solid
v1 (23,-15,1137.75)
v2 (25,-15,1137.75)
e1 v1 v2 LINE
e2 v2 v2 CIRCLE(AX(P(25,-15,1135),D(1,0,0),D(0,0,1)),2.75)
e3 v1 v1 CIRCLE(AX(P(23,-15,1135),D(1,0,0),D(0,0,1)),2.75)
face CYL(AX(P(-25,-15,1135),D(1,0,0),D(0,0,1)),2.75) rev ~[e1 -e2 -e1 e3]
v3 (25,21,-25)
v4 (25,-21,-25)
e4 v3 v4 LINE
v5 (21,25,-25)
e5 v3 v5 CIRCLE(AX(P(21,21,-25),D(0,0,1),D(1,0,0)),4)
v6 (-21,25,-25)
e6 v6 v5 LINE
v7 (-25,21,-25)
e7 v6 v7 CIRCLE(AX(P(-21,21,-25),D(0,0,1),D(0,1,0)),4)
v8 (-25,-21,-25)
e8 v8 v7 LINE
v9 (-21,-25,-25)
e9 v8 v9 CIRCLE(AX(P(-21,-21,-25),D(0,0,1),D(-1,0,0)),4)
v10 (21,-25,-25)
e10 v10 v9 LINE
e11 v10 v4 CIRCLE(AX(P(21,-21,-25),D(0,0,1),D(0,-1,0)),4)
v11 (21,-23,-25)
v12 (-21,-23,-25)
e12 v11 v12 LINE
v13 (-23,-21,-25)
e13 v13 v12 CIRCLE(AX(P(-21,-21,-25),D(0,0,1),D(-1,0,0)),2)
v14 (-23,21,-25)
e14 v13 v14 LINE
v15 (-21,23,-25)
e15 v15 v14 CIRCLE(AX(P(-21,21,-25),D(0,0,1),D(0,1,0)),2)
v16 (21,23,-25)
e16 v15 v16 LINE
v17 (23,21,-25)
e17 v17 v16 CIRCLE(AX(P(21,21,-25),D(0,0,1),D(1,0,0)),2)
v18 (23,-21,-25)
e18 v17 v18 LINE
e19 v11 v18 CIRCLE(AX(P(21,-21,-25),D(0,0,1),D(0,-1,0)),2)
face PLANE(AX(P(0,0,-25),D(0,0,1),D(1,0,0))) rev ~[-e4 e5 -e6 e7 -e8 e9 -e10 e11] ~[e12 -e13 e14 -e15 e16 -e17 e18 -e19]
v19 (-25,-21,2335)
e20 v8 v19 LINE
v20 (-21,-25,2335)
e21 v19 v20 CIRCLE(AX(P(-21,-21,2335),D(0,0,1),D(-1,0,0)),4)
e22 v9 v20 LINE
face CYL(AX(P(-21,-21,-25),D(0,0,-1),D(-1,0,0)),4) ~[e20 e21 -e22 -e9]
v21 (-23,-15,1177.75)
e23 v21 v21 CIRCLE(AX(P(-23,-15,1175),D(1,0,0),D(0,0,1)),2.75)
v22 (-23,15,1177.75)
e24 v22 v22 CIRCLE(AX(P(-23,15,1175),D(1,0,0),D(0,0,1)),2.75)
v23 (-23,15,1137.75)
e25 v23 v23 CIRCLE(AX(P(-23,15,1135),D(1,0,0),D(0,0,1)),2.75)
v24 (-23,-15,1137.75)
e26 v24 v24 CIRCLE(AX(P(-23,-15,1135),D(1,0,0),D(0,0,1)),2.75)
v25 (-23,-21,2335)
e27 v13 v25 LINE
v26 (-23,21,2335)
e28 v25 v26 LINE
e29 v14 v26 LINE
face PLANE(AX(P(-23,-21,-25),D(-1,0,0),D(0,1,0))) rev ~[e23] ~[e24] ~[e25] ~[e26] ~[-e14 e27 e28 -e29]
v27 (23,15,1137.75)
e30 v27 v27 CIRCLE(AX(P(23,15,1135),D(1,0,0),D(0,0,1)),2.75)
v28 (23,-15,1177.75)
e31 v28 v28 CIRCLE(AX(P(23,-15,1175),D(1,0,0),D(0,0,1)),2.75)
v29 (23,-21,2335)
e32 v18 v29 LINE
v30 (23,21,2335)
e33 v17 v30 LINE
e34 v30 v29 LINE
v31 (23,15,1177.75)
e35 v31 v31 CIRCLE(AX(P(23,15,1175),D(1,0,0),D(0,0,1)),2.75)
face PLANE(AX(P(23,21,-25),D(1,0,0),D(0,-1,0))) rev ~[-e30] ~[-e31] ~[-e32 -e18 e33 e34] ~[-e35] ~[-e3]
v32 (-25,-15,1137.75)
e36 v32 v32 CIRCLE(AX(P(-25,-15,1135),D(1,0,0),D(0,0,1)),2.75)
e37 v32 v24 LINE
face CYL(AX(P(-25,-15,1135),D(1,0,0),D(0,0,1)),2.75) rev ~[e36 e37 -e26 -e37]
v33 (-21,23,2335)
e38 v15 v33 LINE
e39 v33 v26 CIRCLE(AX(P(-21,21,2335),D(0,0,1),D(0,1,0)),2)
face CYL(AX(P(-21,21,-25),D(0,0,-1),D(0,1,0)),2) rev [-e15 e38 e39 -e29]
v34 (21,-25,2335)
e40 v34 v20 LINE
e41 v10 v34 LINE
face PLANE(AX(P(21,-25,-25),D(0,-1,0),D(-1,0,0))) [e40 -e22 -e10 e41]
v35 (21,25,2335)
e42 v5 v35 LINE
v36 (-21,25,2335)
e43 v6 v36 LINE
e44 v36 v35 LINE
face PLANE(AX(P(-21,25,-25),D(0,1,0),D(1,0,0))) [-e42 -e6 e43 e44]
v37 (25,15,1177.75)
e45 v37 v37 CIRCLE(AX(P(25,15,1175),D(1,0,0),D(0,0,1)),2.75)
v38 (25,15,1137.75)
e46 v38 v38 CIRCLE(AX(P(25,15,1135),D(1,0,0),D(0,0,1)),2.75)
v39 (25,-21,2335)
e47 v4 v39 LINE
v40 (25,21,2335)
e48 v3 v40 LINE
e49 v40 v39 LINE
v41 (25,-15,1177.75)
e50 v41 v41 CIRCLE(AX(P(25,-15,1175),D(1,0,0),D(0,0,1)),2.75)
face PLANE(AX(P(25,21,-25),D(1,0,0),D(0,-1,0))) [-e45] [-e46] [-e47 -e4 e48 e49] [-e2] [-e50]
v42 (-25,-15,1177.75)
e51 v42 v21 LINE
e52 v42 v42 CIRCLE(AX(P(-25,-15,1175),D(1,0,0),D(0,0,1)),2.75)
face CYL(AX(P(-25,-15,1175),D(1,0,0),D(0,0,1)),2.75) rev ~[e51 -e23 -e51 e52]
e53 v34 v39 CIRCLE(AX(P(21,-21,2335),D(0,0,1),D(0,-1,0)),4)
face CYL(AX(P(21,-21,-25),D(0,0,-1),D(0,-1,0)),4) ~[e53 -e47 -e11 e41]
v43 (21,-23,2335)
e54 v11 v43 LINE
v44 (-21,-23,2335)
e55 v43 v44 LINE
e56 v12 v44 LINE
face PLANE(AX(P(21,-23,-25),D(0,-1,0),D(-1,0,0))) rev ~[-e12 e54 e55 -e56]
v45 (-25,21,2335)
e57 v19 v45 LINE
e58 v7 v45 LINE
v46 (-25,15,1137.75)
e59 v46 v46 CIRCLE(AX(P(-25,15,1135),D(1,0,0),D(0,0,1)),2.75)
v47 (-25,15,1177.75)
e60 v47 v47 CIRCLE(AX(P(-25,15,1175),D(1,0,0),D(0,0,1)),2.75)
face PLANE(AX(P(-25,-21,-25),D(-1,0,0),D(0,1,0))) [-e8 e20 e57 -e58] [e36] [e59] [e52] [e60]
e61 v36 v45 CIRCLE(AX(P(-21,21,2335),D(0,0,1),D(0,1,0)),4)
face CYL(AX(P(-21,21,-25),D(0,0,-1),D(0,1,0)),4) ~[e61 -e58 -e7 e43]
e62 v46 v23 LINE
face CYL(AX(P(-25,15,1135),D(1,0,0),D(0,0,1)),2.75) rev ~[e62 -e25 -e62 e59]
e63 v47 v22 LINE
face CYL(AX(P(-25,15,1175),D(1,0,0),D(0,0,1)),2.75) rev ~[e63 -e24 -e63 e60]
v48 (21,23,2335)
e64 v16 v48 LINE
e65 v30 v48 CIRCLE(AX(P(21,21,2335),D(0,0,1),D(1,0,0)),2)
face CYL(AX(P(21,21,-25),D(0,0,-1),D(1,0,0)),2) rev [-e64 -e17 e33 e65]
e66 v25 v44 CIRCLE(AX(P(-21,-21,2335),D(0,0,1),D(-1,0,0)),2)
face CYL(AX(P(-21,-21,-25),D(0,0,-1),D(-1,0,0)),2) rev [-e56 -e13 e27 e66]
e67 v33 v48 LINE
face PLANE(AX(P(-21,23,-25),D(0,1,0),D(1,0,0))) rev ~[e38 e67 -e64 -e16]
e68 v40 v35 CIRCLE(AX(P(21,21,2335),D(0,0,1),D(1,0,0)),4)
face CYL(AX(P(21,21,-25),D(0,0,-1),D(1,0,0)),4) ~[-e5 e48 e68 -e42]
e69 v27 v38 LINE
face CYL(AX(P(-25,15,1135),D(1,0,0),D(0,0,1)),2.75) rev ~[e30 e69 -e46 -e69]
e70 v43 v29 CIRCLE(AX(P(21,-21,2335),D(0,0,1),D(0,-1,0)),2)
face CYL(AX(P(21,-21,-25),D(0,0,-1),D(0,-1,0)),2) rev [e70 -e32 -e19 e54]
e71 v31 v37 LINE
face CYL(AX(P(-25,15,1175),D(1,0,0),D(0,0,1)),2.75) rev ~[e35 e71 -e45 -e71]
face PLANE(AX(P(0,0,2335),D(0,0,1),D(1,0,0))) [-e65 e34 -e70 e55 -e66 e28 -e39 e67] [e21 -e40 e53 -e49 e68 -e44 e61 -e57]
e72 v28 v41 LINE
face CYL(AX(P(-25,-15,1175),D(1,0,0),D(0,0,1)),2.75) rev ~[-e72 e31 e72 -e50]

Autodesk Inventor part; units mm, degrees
ref_plane "Start plane" through (0, 0, -25) normal (0, 0, 1) x (1, 0, 0)
ref_plane "End plane" through (0, 0, 2335) normal (0, 0, 1) x (1, 0, 0)
sketch "Sketch" plane through (0, 0, 0) normal (0, 0, 1) x (1, 0, 0)
  line L0 (-25, -21) -> (-25, 21)
  line L1 (-21, 25) -> (21, 25)
  line L2 (25, 21) -> (25, -21)
  line L3 (21, -25) -> (-21, -25)
  arc A0 (-25, -21) -> (-21, -25) centre (-21, -21) ccw
  arc A1 (25, 21) -> (21, 25) centre (21, 21) ccw
  arc A2 (-21, 25) -> (-25, 21) centre (-21, 21) ccw
  arc A3 (21, -25) -> (25, -21) centre (21, -21) ccw
  arc A4 (-21, 23) -> (-23, 21) centre (-21, 21) ccw
  line L4 (-21, 23) -> (21, 23)
  arc A5 (23, 21) -> (21, 23) centre (21, 21) ccw
  line L5 (23, 21) -> (23, -21)
  arc A6 (21, -23) -> (23, -21) centre (21, -21) ccw
  line L6 (21, -23) -> (-21, -23)
  arc A7 (-23, -21) -> (-21, -23) centre (-21, -21) ccw
  line L7 (-23, -21) -> (-23, 21)
  line L8 (0, 36.4497) -> (0, -36.4497) construction
  line L9 (-36.4497, 0) -> (36.4497, 0) construction
  dimension "d7" = 4
  dimension "d9" = 50
  dimension "d11" = 50
  dimension "d12" = 2
  dimension "d15" = 25
  dimension "d16" = 25
extrude "Body" add sketch "Sketch" along normal up to surface (2360 mm away) from surface at -25
sketch "Sketch3" plane through (0, 0, 0) normal (0, 0, 1) x (1, 0, 0)
  line L0 (0, 0) -> (10, 0)
ref_plane "Work Plane3" through (0, 0, 0) normal (0, -1, 0) x (1, 0, 0)
sketch "Sketch4" plane through (0, 0, 0) normal (0, -1, 0) x (1, 0, 0)
  line L0 (-2, -25) -> (12, -25)
  line L1 (-2, 2335) -> (12, 2335)
  dimension "d18" = 2360
ref_plane "Work Plane4" through (0, 21, -25) normal (0, 0, -1) x (-1, 0, 0)
split "Split1" plane through (0, 21, -25) removes the side toward (0, 0, -1)
ref_plane "Work Plane5" through (0, -21, 2335) normal (0, 0, 1) x (1, 0, 0)
split "Split2" plane through (0, -21, 2335) removes the side toward (0, 0, 1)
sketch "Sketch6" plane through (-25, 21, -25) normal (-1, 0, 0) x (0, 0, 1)
  line L0 (2360, 0) -> (0, 0) projected
  line L1 (0, 0) -> (2360, 0) projected
  line L2 (1180, 0) -> (1180, -42)
  line L3 (1160, -6) -> (1200, -6)
  line L4 (1200, -6) -> (1200, -36)
  line L5 (1200, -36) -> (1160, -36)
  line L6 (1160, -36) -> (1160, -6)
  line L7 (2360, -42) -> (0, -42) projected
  line L8 (1180, -21) -> (1190.0691, -21)
  point P0 (25, -21)
  dimension "d19" = 40
  dimension "d20" = 30
hole "Hole1" at (-25, 15, 1135) at (-25, -15, 1135) at (-25, -15, 1175) at (-25, 15, 1175) direction (1, 0, 0) diameter 5.5 end through all
equation "\"d7\" = G_IR"
equation "\"d9\" = G_W"
equation "\"d11\" = G_H"
equation "\"d12\" = G_T"
equation "\"d15\" = 0.5 * d9"
equation "\"d16\" = 0.5 * d11"
equation "\"d3\" = G_L"
equation "\"G_W\" = 50"
equation "\"G_H\" = 50"
equation "\"G_T\" = 2"
equation "\"G_IR\" = 4"
equation "\"G_L\" = d18"
equation "\"G_OFFSET_START\" = 25"
equation "\"G_OFFSET_END\" = 25"
equation "\"d13\" = -G_OFFSET_START"
equation "\"d14\" = G_OFFSET_END + B_L"
equation "\"B_L\" = 2310"
properties part number "ISO 10799-2 - 50x50x2 - 2360" material "Steel, Galvanized"
